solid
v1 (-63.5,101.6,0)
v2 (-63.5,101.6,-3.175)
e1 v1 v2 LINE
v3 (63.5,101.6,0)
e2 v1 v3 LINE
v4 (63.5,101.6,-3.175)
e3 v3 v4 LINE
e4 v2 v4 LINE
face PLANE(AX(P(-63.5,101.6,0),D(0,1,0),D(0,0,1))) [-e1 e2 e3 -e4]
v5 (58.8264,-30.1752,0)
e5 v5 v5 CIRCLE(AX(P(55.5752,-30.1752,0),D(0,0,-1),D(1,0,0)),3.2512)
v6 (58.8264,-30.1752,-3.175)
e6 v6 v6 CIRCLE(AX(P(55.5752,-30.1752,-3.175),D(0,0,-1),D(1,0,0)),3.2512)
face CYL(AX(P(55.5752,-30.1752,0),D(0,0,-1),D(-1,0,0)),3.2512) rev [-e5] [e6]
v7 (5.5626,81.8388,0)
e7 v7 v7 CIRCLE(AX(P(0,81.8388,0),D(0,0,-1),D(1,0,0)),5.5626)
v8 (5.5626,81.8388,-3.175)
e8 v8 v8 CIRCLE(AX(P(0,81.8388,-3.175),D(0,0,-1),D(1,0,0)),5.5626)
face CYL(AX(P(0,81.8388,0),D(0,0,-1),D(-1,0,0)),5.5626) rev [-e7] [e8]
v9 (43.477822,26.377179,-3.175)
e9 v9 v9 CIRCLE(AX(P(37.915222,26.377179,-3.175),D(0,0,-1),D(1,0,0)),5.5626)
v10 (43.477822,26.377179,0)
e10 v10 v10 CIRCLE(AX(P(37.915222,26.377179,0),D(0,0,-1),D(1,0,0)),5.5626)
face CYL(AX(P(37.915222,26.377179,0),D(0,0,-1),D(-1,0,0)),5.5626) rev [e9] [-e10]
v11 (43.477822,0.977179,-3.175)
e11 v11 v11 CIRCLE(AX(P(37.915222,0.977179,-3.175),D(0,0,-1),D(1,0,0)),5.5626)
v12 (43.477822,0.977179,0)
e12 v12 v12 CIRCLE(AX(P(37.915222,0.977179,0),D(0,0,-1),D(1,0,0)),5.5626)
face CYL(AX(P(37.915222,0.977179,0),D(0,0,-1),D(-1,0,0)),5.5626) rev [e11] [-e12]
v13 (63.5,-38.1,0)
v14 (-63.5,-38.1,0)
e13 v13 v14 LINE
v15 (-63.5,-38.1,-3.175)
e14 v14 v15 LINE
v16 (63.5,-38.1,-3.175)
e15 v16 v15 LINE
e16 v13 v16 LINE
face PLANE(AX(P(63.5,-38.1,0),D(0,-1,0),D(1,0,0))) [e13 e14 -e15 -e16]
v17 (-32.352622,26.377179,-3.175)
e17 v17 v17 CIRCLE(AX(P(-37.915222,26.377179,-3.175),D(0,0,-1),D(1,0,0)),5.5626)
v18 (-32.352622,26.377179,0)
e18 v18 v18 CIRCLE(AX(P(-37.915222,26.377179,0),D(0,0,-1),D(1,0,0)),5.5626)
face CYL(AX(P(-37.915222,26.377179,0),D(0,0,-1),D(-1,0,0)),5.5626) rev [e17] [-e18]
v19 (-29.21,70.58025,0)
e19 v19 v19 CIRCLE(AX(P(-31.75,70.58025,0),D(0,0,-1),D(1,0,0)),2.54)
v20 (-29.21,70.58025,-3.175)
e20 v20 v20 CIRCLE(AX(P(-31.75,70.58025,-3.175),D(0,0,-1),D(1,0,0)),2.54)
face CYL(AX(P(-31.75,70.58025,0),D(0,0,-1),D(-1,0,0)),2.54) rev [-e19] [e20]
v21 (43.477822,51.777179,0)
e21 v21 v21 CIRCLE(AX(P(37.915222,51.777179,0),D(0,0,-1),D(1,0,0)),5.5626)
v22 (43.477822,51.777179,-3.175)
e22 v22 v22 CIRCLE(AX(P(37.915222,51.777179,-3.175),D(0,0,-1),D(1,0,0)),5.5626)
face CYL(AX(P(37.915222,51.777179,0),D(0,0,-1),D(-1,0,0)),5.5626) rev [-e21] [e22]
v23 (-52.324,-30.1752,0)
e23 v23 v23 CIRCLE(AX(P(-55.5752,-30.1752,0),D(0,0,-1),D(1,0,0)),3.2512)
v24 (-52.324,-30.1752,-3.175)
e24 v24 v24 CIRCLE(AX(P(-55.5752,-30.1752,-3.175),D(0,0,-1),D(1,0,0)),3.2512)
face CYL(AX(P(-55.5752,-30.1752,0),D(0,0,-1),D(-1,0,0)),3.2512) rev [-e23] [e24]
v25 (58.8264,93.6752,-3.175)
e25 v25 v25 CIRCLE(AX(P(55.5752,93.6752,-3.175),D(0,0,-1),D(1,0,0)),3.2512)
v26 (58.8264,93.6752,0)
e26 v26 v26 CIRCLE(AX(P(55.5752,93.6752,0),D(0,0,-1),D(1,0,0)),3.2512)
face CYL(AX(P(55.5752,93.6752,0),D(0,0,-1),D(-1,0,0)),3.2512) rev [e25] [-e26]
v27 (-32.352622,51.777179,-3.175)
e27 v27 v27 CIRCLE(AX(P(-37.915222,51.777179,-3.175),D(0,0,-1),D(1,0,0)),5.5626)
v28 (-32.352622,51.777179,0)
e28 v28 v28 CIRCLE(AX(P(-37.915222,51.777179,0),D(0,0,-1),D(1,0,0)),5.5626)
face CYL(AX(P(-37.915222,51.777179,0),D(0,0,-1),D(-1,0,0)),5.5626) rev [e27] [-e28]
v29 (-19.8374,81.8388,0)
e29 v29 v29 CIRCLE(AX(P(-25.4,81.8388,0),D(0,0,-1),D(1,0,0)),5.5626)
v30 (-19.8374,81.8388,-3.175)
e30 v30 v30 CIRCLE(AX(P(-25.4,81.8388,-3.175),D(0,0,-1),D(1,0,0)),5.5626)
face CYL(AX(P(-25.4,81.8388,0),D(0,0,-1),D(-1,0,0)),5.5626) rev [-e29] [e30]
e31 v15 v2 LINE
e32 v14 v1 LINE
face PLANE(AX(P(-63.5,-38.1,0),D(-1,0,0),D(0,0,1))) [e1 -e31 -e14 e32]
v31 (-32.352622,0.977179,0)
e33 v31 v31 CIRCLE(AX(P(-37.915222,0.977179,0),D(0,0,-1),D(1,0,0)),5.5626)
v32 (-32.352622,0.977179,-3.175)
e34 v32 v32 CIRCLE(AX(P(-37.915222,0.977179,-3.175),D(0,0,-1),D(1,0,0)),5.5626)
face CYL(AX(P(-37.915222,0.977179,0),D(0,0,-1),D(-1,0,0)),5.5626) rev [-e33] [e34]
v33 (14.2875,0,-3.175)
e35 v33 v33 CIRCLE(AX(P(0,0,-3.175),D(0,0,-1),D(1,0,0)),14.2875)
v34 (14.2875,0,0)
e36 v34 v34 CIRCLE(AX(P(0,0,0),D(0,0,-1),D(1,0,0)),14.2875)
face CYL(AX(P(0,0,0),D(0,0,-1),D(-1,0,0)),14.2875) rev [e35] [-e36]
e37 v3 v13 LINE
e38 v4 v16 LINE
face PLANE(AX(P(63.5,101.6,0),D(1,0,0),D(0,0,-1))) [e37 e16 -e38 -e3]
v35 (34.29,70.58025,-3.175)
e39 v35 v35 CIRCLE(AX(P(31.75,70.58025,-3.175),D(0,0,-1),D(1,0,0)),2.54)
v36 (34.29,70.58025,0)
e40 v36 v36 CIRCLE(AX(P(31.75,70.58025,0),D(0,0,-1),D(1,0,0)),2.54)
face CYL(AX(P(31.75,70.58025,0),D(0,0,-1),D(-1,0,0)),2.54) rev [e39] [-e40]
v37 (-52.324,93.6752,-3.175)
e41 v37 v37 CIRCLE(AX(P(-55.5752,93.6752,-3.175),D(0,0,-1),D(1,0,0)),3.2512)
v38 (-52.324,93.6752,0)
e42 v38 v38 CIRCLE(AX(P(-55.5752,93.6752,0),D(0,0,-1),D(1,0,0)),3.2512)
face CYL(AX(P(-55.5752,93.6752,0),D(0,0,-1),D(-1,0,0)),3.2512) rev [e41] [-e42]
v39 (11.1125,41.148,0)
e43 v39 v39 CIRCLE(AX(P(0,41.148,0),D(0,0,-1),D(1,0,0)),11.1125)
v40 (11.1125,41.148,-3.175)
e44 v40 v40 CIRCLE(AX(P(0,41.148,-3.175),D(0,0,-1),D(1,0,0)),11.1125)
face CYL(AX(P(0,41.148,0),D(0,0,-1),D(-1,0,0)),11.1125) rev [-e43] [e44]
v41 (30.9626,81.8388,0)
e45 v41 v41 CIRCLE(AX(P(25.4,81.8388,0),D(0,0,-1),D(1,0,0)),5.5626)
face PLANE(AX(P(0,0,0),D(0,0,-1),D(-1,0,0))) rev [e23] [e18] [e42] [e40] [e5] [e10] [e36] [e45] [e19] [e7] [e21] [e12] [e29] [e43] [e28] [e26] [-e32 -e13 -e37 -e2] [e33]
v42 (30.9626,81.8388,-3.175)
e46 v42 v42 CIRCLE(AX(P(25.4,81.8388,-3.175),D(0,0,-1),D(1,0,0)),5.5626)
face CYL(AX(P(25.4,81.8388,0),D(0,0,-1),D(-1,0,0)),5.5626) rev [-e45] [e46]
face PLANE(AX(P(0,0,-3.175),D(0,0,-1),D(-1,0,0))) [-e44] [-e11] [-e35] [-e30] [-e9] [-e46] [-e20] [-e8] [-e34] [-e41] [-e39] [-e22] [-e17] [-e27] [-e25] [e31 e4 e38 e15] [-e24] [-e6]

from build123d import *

# Parameters (mm, degrees)
SKETCH1_W           = 127
SKETCH1_H           = 139.7
SKETCH1_R           = 3.2512
SKETCH1_R_2         = 5.5626
SKETCH1_R_3         = 11.1125
SKETCH1_R_4         = 14.2875
SKETCH1_R_5         = 2.54
BOSS_EXTRUDE1_DEPTH = 3.175


with BuildPart() as part:
    # Sketch1 → Boss-Extrude1 (new body)
    with BuildSketch(Plane(origin=(0, 0, -3.175), x_dir=(-1, 0, 0), z_dir=(0, 0, -1))):
        with Locations((0, 31.75)):
            Rectangle(SKETCH1_W, SKETCH1_H)
        with Locations((55.5752, -30.1752)):
            Circle(SKETCH1_R, mode=Mode.SUBTRACT)
        with Locations((0, 81.8388)):
            Circle(SKETCH1_R_2, mode=Mode.SUBTRACT)
        with Locations((37.915221739, 51.777178589)):
            Circle(SKETCH1_R_2, mode=Mode.SUBTRACT)
        with Locations((-37.915221739, 0.977178589)):
            Circle(SKETCH1_R_2, mode=Mode.SUBTRACT)
        with Locations((-25.4, 81.8388)):
            Circle(SKETCH1_R_2, mode=Mode.SUBTRACT)
        with Locations((0, 41.148)):
            Circle(SKETCH1_R_3, mode=Mode.SUBTRACT)
        with Locations((-55.5752, 93.6752)):
            Circle(SKETCH1_R, mode=Mode.SUBTRACT)
        with Locations((-55.5752, -30.1752)):
            Circle(SKETCH1_R, mode=Mode.SUBTRACT)
        with Locations((55.5752, 93.6752)):
            Circle(SKETCH1_R, mode=Mode.SUBTRACT)
        Circle(SKETCH1_R_4, mode=Mode.SUBTRACT)
        with Locations((25.4, 81.8388)):
            Circle(SKETCH1_R_2, mode=Mode.SUBTRACT)
        with Locations((-37.915221739, 51.777178589)):
            Circle(SKETCH1_R_2, mode=Mode.SUBTRACT)
        with Locations((37.915221739, 0.977178589)):
            Circle(SKETCH1_R_2, mode=Mode.SUBTRACT)
        with Locations((37.915221739, 26.377178589)):
            Circle(SKETCH1_R_2, mode=Mode.SUBTRACT)
        with Locations((-37.915221739, 26.377178589)):
            Circle(SKETCH1_R_2, mode=Mode.SUBTRACT)
        with Locations((31.75, 70.58025)):
            Circle(SKETCH1_R_5, mode=Mode.SUBTRACT)
        with Locations((-31.75, 70.58025)):
            Circle(SKETCH1_R_5, mode=Mode.SUBTRACT)
    extrude(amount=-BOSS_EXTRUDE1_DEPTH)


solid = part.part
